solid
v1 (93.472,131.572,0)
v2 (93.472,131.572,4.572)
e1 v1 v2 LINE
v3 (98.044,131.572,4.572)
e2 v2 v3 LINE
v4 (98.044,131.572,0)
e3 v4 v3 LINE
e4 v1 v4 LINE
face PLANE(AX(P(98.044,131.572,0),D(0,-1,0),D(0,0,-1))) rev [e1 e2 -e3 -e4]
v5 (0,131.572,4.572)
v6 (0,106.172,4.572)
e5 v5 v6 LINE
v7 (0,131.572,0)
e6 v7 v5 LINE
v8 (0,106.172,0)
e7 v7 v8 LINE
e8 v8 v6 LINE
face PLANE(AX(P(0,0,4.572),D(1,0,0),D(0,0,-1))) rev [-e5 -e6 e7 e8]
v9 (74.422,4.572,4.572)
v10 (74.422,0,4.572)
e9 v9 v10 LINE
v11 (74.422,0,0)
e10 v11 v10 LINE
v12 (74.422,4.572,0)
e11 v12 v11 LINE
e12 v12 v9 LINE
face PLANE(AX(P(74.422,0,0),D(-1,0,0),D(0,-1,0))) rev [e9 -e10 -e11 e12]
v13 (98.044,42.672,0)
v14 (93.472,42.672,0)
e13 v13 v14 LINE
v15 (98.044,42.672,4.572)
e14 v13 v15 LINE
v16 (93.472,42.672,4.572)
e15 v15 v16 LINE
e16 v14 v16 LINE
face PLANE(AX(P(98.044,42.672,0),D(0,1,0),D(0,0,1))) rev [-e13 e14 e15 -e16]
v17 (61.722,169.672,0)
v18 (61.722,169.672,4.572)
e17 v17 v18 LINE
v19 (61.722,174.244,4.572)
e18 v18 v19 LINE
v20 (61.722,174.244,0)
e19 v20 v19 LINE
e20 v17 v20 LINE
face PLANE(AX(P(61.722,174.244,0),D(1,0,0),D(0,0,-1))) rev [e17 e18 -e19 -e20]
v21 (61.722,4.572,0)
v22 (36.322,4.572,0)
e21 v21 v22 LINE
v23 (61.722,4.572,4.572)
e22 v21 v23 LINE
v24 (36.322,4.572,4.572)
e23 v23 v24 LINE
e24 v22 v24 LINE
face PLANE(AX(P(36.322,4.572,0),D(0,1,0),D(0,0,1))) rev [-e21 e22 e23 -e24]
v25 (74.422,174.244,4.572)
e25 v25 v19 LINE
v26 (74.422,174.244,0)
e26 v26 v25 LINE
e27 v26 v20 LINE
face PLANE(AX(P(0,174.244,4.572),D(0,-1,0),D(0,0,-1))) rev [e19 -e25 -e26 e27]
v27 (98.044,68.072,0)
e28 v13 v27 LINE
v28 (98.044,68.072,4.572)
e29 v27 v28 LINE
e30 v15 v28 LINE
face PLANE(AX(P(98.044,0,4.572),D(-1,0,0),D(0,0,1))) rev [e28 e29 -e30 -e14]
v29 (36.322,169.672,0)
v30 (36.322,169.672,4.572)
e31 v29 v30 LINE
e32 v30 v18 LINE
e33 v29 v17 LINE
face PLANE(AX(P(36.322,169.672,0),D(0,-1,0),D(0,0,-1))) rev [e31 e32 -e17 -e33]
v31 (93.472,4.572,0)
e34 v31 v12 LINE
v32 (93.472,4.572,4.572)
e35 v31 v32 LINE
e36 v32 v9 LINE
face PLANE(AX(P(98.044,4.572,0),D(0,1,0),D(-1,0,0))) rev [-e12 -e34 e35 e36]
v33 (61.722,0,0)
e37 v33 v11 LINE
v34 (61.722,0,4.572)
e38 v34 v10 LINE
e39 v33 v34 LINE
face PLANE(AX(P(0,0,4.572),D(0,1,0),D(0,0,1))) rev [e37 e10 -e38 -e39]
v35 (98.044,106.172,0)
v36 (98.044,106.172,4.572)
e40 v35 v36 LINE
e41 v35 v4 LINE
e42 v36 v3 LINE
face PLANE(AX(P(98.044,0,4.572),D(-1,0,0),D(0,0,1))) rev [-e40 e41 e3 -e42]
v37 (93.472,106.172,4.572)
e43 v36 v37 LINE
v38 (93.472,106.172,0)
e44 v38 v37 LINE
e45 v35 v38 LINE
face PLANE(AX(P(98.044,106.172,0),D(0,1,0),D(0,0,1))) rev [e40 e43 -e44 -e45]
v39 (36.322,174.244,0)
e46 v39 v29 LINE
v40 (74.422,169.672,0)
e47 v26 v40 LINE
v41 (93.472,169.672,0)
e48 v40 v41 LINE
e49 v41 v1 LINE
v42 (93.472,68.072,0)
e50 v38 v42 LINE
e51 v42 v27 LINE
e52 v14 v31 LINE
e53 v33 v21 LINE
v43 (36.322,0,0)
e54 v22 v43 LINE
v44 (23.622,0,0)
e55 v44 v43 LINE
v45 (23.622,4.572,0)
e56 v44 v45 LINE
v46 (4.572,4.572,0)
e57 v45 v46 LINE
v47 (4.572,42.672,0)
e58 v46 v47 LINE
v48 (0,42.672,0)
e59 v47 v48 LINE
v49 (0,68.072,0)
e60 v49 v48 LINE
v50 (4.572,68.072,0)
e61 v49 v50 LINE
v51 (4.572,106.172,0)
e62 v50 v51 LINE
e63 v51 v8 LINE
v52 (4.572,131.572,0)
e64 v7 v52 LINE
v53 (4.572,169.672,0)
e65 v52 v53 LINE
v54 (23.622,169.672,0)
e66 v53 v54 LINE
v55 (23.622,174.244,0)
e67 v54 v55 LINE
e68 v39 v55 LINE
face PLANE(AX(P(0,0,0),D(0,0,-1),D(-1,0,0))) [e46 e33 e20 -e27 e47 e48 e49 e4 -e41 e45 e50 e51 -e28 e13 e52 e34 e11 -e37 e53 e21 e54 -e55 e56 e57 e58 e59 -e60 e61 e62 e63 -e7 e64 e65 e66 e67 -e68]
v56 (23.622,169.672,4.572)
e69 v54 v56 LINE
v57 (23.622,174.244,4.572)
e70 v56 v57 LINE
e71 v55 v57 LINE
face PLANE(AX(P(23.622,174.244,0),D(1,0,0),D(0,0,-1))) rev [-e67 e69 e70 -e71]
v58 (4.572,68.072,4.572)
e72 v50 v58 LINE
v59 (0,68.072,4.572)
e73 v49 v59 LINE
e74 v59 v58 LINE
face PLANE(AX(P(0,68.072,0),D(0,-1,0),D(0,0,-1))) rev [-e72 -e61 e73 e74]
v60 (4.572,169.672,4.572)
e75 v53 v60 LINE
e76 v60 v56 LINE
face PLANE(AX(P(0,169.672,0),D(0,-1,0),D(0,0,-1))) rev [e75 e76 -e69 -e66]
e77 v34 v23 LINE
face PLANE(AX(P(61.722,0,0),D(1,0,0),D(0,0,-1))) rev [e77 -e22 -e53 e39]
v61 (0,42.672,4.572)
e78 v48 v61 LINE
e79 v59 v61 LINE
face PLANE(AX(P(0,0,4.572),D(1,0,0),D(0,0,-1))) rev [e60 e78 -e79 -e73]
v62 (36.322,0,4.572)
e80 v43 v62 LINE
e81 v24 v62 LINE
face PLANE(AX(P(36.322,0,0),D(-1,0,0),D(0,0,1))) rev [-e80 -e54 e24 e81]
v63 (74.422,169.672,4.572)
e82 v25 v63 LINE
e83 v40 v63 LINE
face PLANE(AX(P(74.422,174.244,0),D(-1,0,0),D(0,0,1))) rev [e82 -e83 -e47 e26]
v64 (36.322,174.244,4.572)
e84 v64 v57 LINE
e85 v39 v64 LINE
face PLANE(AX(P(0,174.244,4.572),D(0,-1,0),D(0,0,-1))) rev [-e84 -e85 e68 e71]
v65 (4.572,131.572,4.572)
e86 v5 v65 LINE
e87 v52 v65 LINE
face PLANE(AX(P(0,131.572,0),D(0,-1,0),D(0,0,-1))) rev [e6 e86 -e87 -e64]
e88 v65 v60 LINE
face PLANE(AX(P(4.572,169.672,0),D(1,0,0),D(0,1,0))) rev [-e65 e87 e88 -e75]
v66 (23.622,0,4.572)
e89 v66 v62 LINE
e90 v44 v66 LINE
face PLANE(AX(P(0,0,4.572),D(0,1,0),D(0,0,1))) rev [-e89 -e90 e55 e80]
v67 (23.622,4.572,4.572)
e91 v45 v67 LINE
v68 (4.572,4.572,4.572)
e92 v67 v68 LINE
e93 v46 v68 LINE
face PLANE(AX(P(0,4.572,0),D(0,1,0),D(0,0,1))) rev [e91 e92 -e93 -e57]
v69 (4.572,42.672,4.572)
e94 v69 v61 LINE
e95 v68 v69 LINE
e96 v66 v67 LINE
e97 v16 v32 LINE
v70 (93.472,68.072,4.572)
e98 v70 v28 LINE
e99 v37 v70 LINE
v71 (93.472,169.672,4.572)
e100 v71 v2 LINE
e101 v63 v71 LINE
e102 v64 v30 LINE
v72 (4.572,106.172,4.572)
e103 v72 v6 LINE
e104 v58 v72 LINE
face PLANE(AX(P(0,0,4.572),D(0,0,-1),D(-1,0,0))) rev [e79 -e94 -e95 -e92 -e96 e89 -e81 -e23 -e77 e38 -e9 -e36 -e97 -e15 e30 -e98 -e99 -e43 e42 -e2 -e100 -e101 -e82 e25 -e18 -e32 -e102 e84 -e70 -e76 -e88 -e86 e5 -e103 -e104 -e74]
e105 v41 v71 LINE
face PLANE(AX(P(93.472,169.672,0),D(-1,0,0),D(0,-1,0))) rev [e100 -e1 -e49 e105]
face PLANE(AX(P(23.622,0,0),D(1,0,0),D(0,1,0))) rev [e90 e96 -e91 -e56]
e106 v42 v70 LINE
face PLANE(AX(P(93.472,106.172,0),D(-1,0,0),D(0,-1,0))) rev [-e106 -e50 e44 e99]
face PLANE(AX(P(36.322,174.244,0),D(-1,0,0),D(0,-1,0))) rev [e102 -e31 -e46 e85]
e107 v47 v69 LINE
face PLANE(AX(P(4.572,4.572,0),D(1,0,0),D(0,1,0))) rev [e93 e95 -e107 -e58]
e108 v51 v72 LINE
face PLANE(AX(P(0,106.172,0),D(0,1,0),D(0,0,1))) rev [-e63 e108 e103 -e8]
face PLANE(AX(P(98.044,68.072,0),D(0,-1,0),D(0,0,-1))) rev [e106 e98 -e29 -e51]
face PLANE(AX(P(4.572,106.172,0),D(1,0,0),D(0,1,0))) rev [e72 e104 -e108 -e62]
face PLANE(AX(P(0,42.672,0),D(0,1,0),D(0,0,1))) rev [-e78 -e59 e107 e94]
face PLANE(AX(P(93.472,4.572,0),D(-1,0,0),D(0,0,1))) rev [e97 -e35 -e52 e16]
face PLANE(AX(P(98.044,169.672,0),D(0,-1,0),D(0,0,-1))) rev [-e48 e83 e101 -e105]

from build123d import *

# Parameters (mm, degrees)
SKETCH1_W           = 98.044
SKETCH1_H           = 174.244
BOSS_EXTRUDE1_DEPTH = 4.572
SKETCH2_W           = 23.622
SKETCH2_H           = 4.572
SKETCH2_W_2         = 25.4
CUT_EXTRUDE1_DEPTH  = 4.572
SKETCH3_W           = 4.572
SKETCH3_H           = 38.1
CUT_EXTRUDE2_DEPTH  = 4.572


with BuildPart() as part:
    # Sketch1 → Boss-Extrude1 (new body)
    with BuildSketch(Plane.XY):
        with Locations((49.022, 87.122)):
            Rectangle(SKETCH1_W, SKETCH1_H)
    extrude(amount=BOSS_EXTRUDE1_DEPTH)

    # Sketch2 → Cut-Extrude1 (cut)
    with BuildSketch(Plane.XY.offset(4.572)):
        with Locations((11.811, 2.286)):
            Rectangle(SKETCH2_W, SKETCH2_H)
        with Locations((49.022, 2.286)):
            Rectangle(SKETCH2_W_2, SKETCH2_H)
        with Locations((86.233, 2.286)):
            Rectangle(SKETCH2_W, SKETCH2_H)
        with Locations((11.811, 171.958)):
            Rectangle(SKETCH2_W, SKETCH2_H)
        with Locations((49.022, 171.958)):
            Rectangle(SKETCH2_W_2, SKETCH2_H)
        with Locations((86.233, 171.958)):
            Rectangle(SKETCH2_W, SKETCH2_H)
    extrude(amount=-CUT_EXTRUDE1_DEPTH, mode=Mode.SUBTRACT)

    # Sketch3 → Cut-Extrude2 (cut)
    with BuildSketch(Plane.XY.offset(4.572)):
        with Locations((2.286, 23.622)):
            Rectangle(SKETCH3_W, SKETCH3_H)
        with Locations((95.758, 23.622)):
            Rectangle(SKETCH3_W, SKETCH3_H)
        with Locations((2.286, 87.122)):
            Rectangle(SKETCH3_W, SKETCH3_H)
        with Locations((2.286, 150.622)):
            Rectangle(SKETCH3_W, SKETCH3_H)
        with Locations((95.758, 150.622)):
            Rectangle(SKETCH3_W, SKETCH3_H)
        with Locations((95.758, 87.122)):
            Rectangle(SKETCH3_W, SKETCH3_H)
    extrude(amount=-CUT_EXTRUDE2_DEPTH, mode=Mode.SUBTRACT)


solid = part.part
